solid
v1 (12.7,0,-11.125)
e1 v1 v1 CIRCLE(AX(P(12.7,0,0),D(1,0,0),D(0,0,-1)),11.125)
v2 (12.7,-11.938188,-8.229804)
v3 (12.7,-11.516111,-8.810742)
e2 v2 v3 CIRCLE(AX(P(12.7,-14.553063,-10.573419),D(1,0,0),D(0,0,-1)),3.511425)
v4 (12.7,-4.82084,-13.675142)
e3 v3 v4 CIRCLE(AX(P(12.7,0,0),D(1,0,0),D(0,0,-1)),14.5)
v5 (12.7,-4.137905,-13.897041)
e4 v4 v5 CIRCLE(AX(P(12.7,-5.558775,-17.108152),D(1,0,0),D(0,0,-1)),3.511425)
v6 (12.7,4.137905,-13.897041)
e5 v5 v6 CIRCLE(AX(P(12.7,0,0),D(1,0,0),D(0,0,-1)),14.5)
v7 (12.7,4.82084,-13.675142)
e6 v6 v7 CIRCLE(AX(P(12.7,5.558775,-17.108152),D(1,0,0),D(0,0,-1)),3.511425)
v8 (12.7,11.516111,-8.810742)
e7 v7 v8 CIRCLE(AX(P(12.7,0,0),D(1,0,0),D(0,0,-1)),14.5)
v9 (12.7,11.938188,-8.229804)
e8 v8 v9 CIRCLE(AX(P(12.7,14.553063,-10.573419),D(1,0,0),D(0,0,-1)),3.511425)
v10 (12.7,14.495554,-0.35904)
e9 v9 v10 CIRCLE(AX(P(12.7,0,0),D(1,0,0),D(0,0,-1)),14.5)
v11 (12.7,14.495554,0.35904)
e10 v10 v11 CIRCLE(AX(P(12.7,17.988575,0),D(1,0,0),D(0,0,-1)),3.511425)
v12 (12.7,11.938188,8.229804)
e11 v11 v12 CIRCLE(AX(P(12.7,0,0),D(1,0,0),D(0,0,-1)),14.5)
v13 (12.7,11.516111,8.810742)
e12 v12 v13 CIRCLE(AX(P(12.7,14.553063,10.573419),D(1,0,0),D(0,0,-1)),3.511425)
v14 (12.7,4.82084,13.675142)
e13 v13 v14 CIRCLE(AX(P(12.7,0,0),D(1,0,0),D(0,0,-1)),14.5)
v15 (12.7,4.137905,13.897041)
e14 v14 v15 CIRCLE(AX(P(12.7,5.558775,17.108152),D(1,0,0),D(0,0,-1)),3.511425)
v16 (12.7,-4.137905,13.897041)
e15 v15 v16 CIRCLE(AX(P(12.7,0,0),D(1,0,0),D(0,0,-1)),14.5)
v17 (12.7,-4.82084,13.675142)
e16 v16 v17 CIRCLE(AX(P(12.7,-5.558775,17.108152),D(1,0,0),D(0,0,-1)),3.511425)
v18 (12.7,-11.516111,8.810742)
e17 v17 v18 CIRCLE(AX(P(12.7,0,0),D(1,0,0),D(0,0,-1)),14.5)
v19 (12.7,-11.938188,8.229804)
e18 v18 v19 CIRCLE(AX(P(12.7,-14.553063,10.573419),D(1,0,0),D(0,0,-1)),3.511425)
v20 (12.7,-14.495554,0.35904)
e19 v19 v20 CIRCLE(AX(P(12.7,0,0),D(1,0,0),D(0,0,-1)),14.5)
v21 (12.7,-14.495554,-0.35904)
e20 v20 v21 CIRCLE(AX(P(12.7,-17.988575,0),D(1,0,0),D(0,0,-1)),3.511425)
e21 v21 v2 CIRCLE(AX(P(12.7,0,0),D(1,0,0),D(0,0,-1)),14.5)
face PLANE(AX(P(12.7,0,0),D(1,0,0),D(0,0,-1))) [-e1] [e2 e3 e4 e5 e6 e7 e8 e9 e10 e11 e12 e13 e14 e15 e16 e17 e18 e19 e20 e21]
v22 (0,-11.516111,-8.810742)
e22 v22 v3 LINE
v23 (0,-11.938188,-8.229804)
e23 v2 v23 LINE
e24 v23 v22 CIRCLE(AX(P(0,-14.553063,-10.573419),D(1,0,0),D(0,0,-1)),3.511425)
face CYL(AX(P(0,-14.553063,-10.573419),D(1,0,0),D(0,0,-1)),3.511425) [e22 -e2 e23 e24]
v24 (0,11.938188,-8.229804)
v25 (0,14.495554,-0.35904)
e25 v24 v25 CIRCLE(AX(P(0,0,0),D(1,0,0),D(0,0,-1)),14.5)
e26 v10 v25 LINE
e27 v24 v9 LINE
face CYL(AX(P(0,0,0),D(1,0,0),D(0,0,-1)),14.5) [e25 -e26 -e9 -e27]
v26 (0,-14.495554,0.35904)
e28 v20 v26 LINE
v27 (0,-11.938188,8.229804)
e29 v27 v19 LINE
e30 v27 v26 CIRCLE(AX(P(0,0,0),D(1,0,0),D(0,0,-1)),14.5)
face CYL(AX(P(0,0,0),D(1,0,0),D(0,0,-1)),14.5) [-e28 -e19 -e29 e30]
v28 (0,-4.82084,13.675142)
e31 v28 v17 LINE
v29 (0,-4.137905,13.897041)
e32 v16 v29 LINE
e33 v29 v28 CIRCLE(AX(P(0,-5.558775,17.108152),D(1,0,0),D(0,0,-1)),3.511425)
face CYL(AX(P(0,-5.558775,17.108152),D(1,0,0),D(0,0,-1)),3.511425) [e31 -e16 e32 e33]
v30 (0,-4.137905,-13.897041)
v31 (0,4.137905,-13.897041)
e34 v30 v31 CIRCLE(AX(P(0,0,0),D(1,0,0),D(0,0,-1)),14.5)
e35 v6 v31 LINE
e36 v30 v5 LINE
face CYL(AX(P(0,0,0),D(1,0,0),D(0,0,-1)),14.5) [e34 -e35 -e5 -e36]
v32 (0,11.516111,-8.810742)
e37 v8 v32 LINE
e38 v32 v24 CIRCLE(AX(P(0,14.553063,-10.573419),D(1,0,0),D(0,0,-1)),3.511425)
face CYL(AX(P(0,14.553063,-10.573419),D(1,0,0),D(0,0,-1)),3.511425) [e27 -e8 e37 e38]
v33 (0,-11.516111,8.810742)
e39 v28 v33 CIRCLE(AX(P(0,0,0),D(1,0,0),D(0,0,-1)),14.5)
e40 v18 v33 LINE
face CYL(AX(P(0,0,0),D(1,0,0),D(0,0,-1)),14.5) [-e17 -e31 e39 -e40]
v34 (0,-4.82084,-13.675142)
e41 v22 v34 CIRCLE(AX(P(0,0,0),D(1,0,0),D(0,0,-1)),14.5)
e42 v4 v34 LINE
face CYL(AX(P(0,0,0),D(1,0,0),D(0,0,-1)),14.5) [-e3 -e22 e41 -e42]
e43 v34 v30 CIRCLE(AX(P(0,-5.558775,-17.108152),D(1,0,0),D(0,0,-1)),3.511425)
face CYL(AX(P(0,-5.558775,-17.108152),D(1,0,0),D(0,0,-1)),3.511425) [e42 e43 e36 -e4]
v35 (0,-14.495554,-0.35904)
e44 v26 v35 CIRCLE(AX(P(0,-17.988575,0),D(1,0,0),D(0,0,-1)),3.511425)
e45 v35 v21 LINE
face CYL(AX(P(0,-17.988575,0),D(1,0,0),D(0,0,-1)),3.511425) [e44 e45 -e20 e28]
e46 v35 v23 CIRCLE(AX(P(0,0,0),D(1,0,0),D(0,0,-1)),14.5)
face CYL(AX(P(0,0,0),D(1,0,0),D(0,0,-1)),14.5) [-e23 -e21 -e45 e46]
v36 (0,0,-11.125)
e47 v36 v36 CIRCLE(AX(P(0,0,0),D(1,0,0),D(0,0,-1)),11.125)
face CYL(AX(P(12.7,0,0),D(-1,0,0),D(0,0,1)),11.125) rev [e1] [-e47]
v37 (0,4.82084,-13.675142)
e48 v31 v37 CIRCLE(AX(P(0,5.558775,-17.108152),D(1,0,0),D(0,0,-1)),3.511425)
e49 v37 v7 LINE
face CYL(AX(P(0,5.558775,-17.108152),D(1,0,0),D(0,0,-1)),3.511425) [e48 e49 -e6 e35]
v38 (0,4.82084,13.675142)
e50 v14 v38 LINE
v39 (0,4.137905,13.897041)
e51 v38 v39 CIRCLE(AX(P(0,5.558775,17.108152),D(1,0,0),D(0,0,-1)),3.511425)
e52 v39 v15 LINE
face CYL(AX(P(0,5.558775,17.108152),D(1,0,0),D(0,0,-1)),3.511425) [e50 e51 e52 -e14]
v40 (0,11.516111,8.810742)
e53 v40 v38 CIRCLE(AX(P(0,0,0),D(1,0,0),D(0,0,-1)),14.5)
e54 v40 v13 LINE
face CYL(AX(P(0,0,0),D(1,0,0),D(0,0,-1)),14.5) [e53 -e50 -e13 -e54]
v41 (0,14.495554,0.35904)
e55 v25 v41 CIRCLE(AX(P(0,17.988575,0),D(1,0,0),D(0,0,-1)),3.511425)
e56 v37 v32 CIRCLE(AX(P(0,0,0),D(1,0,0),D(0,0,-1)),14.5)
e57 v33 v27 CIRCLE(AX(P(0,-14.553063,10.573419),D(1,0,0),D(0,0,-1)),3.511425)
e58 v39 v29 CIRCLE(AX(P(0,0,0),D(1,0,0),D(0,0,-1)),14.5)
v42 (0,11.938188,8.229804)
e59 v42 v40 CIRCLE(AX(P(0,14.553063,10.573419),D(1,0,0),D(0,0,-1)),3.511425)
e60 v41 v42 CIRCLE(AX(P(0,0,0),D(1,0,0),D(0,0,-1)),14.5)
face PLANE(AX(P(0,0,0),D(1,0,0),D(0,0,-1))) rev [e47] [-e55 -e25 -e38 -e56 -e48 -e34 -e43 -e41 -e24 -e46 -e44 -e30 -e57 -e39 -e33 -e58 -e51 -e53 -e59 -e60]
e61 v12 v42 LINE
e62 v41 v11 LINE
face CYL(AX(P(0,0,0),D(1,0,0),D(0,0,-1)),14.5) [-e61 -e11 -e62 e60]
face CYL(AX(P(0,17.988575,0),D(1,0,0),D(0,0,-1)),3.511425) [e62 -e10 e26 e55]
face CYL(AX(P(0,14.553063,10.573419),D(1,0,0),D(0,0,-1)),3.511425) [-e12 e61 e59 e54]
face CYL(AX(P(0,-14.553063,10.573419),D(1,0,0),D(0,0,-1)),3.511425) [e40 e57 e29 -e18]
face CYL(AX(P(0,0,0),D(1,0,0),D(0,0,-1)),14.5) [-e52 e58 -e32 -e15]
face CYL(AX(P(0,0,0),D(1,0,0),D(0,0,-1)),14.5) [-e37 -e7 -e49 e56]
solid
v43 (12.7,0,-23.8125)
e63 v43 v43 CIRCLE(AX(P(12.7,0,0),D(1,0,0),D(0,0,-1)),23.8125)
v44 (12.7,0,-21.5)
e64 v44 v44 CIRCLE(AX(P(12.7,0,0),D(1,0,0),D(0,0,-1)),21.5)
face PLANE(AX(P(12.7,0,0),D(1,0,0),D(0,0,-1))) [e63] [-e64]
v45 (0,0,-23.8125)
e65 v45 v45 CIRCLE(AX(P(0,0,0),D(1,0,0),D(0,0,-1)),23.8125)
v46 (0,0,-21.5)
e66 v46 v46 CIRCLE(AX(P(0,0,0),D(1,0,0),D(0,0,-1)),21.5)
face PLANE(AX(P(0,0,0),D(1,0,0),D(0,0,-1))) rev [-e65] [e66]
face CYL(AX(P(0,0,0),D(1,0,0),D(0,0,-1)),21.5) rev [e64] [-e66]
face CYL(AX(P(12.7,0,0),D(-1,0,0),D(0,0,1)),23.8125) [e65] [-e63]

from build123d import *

# Parameters (mm, degrees)
CROQUIS1_R              = 23.8125
CROQUIS1_R_2            = 11.125
SALIENTE_EXTRUIR1_DEPTH = 12.7
CROQUIS2_R              = 21.5
CROQUIS2_R_2            = 14.5
CORTAR_EXTRUIR1_DEPTH   = 12.7
CROQUIS3_R              = 3.511424915
SALIENTE_EXTRUIR2_DEPTH = 12.7


with BuildPart() as part:
    # Croquis1 → Saliente-Extruir1 (new body)
    with BuildSketch(Plane(origin=(0, 0, 0), x_dir=(0, 0, -1), z_dir=(1, 0, 0))):
        Circle(CROQUIS1_R)
        Circle(CROQUIS1_R_2, mode=Mode.SUBTRACT)
    extrude(amount=SALIENTE_EXTRUIR1_DEPTH)

    # Croquis2 → Cortar-Extruir1 (cut)
    with BuildSketch(Plane(origin=(12.7, 0, 0), x_dir=(0, 0, -1), z_dir=(1, 0, 0))):
        Circle(CROQUIS2_R)
        Circle(CROQUIS2_R_2, mode=Mode.SUBTRACT)
    extrude(amount=-CORTAR_EXTRUIR1_DEPTH, mode=Mode.SUBTRACT)


with BuildPart() as cortar_extruir1_piece_1:
    # of the separate pieces the step leaves, piece 1, a body of its own (cortar_extruir1_pieces)
    add(part.part.solids().sort_by_distance((0, 0, -23.8125))[0])


with BuildPart() as cortar_extruir1_piece_2:
    # of the separate pieces the step leaves, piece 2, a body of its own (cortar_extruir1_pieces)
    add(part.part.solids().sort_by_distance((0, 0, -14.5))[0])

    # Croquis3 → Saliente-Extruir2 (add)
    with BuildSketch(Plane(origin=(12.7, 0, 0), x_dir=(0, 0, -1), z_dir=(1, 0, 0))):
        with Locations((0, 17.988575085)):
            Circle(CROQUIS3_R)
        with Locations((10.573419145, 14.553062949)):
            Circle(CROQUIS3_R)
        with Locations((17.108151554, 5.558775406)):
            Circle(CROQUIS3_R)
        with Locations((17.108151554, -5.558775406)):
            Circle(CROQUIS3_R)
        with Locations((10.573419145, -14.553062949)):
            Circle(CROQUIS3_R)
        with Locations((0, -17.988575085)):
            Circle(CROQUIS3_R)
        with Locations((-10.573419145, -14.553062949)):
            Circle(CROQUIS3_R)
        with Locations((-17.108151554, -5.558775406)):
            Circle(CROQUIS3_R)
        with Locations((-17.108151554, 5.558775406)):
            Circle(CROQUIS3_R)
        with Locations((-10.573419145, 14.553062949)):
            Circle(CROQUIS3_R)
    extrude(amount=-SALIENTE_EXTRUIR2_DEPTH)


solid = Compound([cortar_extruir1_piece_1.part, cortar_extruir1_piece_2.part])
